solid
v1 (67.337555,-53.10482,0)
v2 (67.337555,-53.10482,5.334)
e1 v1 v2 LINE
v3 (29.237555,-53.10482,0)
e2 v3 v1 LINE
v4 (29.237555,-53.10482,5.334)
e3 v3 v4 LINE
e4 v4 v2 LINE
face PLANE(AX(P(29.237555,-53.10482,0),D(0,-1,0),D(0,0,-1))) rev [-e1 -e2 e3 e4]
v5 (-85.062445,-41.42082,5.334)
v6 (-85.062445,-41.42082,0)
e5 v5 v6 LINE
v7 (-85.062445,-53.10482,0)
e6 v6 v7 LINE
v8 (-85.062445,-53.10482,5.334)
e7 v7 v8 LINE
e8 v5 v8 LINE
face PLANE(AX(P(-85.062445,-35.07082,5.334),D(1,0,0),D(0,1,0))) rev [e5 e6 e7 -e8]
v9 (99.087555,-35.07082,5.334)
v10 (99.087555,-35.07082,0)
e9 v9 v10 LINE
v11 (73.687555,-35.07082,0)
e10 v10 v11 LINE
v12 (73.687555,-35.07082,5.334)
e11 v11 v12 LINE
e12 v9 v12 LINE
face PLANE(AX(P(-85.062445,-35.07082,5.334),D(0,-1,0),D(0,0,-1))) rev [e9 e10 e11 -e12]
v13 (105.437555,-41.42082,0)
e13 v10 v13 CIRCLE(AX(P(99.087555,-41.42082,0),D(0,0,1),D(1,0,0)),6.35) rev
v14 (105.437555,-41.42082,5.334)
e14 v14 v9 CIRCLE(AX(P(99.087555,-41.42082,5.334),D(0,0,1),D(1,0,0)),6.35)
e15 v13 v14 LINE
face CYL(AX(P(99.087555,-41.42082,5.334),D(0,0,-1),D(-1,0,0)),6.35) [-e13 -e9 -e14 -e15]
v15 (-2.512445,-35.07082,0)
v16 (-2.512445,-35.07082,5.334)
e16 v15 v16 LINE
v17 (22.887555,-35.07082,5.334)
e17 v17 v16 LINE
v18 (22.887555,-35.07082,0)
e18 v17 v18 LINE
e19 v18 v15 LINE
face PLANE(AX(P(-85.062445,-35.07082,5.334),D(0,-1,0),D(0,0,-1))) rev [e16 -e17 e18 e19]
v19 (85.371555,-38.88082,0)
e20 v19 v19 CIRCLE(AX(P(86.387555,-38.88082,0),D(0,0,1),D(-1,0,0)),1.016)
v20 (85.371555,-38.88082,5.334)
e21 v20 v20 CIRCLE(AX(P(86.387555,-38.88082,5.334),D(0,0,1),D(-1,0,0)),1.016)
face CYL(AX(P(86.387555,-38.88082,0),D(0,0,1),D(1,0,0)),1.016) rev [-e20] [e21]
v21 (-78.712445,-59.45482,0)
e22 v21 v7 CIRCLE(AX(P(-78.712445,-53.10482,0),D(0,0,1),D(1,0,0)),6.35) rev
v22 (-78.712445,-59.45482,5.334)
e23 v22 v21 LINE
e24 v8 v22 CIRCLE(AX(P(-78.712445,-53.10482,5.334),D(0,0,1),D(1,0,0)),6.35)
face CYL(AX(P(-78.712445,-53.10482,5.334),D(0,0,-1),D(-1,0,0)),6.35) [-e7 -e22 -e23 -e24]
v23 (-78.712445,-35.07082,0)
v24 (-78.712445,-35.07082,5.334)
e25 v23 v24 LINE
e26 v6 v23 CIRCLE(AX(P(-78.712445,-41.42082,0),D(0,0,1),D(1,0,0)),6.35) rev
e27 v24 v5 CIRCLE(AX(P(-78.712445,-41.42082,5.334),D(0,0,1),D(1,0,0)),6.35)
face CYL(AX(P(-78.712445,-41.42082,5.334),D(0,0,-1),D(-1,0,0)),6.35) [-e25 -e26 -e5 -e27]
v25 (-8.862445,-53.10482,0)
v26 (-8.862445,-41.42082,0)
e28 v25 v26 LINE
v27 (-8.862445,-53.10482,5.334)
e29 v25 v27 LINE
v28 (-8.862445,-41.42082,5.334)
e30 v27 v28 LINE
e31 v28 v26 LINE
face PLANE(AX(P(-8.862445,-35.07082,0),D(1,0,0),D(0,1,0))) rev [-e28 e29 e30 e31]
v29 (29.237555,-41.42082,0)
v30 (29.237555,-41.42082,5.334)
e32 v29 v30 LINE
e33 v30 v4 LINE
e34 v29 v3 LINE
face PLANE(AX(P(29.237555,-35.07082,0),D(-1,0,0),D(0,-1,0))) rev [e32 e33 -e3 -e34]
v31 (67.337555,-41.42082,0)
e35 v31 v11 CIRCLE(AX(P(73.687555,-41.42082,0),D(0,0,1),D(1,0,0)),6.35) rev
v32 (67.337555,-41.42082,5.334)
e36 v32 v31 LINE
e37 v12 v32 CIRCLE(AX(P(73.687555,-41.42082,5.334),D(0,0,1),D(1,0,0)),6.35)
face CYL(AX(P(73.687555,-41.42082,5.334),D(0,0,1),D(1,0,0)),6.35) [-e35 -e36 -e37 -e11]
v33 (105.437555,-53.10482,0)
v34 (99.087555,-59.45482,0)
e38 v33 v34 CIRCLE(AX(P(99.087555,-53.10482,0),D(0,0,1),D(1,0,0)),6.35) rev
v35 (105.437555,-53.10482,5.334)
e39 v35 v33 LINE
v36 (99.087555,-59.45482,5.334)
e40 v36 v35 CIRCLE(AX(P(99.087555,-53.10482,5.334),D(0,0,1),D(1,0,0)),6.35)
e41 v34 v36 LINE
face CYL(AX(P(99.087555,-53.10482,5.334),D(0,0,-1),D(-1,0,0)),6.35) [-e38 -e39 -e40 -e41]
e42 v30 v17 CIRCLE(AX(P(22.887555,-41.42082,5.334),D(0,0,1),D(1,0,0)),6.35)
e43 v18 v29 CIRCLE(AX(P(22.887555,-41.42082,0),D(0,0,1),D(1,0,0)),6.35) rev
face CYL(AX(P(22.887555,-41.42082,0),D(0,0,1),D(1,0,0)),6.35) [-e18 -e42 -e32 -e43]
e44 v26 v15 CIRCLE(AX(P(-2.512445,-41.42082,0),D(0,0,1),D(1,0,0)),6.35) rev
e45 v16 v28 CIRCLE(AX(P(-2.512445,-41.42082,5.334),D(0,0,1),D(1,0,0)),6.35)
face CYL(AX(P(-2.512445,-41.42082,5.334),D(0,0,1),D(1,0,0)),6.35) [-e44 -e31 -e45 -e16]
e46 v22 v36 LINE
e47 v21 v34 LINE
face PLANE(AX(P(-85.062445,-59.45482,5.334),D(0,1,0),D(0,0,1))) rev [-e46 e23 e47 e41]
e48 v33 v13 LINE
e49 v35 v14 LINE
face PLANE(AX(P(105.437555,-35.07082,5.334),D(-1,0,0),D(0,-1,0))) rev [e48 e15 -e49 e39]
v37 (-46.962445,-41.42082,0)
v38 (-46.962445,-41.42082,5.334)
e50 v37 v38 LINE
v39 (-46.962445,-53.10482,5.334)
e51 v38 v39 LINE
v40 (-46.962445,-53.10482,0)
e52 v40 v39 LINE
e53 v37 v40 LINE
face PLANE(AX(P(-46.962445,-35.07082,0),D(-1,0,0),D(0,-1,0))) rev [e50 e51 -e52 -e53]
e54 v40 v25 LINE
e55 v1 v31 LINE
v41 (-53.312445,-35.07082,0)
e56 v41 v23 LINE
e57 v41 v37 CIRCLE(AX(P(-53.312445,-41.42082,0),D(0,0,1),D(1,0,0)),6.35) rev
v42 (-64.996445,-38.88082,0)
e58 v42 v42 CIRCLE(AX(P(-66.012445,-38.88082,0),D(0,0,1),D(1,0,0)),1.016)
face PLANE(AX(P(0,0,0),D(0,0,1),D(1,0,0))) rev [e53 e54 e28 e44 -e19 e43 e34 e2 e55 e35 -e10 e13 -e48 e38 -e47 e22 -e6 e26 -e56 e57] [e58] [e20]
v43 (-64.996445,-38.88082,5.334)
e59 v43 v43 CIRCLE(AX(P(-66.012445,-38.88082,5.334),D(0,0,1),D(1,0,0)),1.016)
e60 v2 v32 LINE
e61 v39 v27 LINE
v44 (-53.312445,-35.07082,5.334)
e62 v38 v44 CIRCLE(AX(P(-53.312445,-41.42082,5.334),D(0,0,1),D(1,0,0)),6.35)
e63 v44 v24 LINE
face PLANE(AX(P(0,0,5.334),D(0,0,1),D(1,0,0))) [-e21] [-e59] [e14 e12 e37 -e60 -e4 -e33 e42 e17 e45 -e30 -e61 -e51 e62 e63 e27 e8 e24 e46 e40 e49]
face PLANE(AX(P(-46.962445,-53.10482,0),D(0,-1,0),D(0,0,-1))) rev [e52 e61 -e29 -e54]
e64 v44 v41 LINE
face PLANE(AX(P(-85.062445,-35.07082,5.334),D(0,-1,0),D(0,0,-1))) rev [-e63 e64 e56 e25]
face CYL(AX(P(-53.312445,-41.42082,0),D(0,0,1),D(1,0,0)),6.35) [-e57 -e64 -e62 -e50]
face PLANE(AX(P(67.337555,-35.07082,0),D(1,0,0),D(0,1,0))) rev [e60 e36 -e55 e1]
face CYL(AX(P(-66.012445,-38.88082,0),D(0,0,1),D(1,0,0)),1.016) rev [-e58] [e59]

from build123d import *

# Parameters (mm, degrees)
SKETCH1_W           = 190.5
SKETCH1_H           = 24.384
BOSS_EXTRUDE1_DEPTH = 5.334
SKETCH3_W           = 38.1
SKETCH3_H           = 18.034
CUT_EXTRUDE1_DEPTH  = 122.162721385
SKETCH4_R           = 1.016
CUT_EXTRUDE2_DEPTH  = 122.162721385
FILLET1_R           = 6.35


with BuildPart() as part:
    # Sketch1 → Boss-Extrude1 (new body)
    with BuildSketch(Plane.XY):
        with Locations((10.187554582, -47.262819662)):
            Rectangle(SKETCH1_W, SKETCH1_H)
    extrude(amount=BOSS_EXTRUDE1_DEPTH)

    # Sketch3 → Cut-Extrude1 (cut, through all)
    with BuildSketch(Plane.XY.offset(5.334)):
        with Locations((-27.912445418, -44.087819662)):
            Rectangle(SKETCH3_W, SKETCH3_H)
        with Locations((48.287554582, -44.087819662)):
            Rectangle(SKETCH3_W, SKETCH3_H)
    extrude(amount=-CUT_EXTRUDE1_DEPTH, mode=Mode.SUBTRACT)

    # Sketch4 → Cut-Extrude2 (cut, through all)
    with BuildSketch(Plane.XY.offset(5.334)):
        with Locations((-66.012445418, -38.880819662)):
            Circle(SKETCH4_R)
        with Locations(Location((86.387554582, -38.880819662, 0), (0, 0, 180))):
            Circle(SKETCH4_R)
    extrude(amount=-CUT_EXTRUDE2_DEPTH, mode=Mode.SUBTRACT)

    # Fillet1
    fillet1_edges = [part.edges().sort_by_distance(p)[0] for p in [
        (-46.962445418, -35.070819662, 2.667),
        (-8.862445418, -35.070819662, 2.667),
        (29.237554582, -35.070819662, 2.667),
        (67.337554582, -35.070819662, 2.667),
        (-85.062445418, -35.070819662, 2.667),
        (105.437554582, -35.070819662, 2.667),
        (105.437554582, -59.454819662, 2.667),
        (-85.062445418, -59.454819662, 2.667),
    ]]
    fillet(fillet1_edges, radius=FILLET1_R)


solid = part.part
